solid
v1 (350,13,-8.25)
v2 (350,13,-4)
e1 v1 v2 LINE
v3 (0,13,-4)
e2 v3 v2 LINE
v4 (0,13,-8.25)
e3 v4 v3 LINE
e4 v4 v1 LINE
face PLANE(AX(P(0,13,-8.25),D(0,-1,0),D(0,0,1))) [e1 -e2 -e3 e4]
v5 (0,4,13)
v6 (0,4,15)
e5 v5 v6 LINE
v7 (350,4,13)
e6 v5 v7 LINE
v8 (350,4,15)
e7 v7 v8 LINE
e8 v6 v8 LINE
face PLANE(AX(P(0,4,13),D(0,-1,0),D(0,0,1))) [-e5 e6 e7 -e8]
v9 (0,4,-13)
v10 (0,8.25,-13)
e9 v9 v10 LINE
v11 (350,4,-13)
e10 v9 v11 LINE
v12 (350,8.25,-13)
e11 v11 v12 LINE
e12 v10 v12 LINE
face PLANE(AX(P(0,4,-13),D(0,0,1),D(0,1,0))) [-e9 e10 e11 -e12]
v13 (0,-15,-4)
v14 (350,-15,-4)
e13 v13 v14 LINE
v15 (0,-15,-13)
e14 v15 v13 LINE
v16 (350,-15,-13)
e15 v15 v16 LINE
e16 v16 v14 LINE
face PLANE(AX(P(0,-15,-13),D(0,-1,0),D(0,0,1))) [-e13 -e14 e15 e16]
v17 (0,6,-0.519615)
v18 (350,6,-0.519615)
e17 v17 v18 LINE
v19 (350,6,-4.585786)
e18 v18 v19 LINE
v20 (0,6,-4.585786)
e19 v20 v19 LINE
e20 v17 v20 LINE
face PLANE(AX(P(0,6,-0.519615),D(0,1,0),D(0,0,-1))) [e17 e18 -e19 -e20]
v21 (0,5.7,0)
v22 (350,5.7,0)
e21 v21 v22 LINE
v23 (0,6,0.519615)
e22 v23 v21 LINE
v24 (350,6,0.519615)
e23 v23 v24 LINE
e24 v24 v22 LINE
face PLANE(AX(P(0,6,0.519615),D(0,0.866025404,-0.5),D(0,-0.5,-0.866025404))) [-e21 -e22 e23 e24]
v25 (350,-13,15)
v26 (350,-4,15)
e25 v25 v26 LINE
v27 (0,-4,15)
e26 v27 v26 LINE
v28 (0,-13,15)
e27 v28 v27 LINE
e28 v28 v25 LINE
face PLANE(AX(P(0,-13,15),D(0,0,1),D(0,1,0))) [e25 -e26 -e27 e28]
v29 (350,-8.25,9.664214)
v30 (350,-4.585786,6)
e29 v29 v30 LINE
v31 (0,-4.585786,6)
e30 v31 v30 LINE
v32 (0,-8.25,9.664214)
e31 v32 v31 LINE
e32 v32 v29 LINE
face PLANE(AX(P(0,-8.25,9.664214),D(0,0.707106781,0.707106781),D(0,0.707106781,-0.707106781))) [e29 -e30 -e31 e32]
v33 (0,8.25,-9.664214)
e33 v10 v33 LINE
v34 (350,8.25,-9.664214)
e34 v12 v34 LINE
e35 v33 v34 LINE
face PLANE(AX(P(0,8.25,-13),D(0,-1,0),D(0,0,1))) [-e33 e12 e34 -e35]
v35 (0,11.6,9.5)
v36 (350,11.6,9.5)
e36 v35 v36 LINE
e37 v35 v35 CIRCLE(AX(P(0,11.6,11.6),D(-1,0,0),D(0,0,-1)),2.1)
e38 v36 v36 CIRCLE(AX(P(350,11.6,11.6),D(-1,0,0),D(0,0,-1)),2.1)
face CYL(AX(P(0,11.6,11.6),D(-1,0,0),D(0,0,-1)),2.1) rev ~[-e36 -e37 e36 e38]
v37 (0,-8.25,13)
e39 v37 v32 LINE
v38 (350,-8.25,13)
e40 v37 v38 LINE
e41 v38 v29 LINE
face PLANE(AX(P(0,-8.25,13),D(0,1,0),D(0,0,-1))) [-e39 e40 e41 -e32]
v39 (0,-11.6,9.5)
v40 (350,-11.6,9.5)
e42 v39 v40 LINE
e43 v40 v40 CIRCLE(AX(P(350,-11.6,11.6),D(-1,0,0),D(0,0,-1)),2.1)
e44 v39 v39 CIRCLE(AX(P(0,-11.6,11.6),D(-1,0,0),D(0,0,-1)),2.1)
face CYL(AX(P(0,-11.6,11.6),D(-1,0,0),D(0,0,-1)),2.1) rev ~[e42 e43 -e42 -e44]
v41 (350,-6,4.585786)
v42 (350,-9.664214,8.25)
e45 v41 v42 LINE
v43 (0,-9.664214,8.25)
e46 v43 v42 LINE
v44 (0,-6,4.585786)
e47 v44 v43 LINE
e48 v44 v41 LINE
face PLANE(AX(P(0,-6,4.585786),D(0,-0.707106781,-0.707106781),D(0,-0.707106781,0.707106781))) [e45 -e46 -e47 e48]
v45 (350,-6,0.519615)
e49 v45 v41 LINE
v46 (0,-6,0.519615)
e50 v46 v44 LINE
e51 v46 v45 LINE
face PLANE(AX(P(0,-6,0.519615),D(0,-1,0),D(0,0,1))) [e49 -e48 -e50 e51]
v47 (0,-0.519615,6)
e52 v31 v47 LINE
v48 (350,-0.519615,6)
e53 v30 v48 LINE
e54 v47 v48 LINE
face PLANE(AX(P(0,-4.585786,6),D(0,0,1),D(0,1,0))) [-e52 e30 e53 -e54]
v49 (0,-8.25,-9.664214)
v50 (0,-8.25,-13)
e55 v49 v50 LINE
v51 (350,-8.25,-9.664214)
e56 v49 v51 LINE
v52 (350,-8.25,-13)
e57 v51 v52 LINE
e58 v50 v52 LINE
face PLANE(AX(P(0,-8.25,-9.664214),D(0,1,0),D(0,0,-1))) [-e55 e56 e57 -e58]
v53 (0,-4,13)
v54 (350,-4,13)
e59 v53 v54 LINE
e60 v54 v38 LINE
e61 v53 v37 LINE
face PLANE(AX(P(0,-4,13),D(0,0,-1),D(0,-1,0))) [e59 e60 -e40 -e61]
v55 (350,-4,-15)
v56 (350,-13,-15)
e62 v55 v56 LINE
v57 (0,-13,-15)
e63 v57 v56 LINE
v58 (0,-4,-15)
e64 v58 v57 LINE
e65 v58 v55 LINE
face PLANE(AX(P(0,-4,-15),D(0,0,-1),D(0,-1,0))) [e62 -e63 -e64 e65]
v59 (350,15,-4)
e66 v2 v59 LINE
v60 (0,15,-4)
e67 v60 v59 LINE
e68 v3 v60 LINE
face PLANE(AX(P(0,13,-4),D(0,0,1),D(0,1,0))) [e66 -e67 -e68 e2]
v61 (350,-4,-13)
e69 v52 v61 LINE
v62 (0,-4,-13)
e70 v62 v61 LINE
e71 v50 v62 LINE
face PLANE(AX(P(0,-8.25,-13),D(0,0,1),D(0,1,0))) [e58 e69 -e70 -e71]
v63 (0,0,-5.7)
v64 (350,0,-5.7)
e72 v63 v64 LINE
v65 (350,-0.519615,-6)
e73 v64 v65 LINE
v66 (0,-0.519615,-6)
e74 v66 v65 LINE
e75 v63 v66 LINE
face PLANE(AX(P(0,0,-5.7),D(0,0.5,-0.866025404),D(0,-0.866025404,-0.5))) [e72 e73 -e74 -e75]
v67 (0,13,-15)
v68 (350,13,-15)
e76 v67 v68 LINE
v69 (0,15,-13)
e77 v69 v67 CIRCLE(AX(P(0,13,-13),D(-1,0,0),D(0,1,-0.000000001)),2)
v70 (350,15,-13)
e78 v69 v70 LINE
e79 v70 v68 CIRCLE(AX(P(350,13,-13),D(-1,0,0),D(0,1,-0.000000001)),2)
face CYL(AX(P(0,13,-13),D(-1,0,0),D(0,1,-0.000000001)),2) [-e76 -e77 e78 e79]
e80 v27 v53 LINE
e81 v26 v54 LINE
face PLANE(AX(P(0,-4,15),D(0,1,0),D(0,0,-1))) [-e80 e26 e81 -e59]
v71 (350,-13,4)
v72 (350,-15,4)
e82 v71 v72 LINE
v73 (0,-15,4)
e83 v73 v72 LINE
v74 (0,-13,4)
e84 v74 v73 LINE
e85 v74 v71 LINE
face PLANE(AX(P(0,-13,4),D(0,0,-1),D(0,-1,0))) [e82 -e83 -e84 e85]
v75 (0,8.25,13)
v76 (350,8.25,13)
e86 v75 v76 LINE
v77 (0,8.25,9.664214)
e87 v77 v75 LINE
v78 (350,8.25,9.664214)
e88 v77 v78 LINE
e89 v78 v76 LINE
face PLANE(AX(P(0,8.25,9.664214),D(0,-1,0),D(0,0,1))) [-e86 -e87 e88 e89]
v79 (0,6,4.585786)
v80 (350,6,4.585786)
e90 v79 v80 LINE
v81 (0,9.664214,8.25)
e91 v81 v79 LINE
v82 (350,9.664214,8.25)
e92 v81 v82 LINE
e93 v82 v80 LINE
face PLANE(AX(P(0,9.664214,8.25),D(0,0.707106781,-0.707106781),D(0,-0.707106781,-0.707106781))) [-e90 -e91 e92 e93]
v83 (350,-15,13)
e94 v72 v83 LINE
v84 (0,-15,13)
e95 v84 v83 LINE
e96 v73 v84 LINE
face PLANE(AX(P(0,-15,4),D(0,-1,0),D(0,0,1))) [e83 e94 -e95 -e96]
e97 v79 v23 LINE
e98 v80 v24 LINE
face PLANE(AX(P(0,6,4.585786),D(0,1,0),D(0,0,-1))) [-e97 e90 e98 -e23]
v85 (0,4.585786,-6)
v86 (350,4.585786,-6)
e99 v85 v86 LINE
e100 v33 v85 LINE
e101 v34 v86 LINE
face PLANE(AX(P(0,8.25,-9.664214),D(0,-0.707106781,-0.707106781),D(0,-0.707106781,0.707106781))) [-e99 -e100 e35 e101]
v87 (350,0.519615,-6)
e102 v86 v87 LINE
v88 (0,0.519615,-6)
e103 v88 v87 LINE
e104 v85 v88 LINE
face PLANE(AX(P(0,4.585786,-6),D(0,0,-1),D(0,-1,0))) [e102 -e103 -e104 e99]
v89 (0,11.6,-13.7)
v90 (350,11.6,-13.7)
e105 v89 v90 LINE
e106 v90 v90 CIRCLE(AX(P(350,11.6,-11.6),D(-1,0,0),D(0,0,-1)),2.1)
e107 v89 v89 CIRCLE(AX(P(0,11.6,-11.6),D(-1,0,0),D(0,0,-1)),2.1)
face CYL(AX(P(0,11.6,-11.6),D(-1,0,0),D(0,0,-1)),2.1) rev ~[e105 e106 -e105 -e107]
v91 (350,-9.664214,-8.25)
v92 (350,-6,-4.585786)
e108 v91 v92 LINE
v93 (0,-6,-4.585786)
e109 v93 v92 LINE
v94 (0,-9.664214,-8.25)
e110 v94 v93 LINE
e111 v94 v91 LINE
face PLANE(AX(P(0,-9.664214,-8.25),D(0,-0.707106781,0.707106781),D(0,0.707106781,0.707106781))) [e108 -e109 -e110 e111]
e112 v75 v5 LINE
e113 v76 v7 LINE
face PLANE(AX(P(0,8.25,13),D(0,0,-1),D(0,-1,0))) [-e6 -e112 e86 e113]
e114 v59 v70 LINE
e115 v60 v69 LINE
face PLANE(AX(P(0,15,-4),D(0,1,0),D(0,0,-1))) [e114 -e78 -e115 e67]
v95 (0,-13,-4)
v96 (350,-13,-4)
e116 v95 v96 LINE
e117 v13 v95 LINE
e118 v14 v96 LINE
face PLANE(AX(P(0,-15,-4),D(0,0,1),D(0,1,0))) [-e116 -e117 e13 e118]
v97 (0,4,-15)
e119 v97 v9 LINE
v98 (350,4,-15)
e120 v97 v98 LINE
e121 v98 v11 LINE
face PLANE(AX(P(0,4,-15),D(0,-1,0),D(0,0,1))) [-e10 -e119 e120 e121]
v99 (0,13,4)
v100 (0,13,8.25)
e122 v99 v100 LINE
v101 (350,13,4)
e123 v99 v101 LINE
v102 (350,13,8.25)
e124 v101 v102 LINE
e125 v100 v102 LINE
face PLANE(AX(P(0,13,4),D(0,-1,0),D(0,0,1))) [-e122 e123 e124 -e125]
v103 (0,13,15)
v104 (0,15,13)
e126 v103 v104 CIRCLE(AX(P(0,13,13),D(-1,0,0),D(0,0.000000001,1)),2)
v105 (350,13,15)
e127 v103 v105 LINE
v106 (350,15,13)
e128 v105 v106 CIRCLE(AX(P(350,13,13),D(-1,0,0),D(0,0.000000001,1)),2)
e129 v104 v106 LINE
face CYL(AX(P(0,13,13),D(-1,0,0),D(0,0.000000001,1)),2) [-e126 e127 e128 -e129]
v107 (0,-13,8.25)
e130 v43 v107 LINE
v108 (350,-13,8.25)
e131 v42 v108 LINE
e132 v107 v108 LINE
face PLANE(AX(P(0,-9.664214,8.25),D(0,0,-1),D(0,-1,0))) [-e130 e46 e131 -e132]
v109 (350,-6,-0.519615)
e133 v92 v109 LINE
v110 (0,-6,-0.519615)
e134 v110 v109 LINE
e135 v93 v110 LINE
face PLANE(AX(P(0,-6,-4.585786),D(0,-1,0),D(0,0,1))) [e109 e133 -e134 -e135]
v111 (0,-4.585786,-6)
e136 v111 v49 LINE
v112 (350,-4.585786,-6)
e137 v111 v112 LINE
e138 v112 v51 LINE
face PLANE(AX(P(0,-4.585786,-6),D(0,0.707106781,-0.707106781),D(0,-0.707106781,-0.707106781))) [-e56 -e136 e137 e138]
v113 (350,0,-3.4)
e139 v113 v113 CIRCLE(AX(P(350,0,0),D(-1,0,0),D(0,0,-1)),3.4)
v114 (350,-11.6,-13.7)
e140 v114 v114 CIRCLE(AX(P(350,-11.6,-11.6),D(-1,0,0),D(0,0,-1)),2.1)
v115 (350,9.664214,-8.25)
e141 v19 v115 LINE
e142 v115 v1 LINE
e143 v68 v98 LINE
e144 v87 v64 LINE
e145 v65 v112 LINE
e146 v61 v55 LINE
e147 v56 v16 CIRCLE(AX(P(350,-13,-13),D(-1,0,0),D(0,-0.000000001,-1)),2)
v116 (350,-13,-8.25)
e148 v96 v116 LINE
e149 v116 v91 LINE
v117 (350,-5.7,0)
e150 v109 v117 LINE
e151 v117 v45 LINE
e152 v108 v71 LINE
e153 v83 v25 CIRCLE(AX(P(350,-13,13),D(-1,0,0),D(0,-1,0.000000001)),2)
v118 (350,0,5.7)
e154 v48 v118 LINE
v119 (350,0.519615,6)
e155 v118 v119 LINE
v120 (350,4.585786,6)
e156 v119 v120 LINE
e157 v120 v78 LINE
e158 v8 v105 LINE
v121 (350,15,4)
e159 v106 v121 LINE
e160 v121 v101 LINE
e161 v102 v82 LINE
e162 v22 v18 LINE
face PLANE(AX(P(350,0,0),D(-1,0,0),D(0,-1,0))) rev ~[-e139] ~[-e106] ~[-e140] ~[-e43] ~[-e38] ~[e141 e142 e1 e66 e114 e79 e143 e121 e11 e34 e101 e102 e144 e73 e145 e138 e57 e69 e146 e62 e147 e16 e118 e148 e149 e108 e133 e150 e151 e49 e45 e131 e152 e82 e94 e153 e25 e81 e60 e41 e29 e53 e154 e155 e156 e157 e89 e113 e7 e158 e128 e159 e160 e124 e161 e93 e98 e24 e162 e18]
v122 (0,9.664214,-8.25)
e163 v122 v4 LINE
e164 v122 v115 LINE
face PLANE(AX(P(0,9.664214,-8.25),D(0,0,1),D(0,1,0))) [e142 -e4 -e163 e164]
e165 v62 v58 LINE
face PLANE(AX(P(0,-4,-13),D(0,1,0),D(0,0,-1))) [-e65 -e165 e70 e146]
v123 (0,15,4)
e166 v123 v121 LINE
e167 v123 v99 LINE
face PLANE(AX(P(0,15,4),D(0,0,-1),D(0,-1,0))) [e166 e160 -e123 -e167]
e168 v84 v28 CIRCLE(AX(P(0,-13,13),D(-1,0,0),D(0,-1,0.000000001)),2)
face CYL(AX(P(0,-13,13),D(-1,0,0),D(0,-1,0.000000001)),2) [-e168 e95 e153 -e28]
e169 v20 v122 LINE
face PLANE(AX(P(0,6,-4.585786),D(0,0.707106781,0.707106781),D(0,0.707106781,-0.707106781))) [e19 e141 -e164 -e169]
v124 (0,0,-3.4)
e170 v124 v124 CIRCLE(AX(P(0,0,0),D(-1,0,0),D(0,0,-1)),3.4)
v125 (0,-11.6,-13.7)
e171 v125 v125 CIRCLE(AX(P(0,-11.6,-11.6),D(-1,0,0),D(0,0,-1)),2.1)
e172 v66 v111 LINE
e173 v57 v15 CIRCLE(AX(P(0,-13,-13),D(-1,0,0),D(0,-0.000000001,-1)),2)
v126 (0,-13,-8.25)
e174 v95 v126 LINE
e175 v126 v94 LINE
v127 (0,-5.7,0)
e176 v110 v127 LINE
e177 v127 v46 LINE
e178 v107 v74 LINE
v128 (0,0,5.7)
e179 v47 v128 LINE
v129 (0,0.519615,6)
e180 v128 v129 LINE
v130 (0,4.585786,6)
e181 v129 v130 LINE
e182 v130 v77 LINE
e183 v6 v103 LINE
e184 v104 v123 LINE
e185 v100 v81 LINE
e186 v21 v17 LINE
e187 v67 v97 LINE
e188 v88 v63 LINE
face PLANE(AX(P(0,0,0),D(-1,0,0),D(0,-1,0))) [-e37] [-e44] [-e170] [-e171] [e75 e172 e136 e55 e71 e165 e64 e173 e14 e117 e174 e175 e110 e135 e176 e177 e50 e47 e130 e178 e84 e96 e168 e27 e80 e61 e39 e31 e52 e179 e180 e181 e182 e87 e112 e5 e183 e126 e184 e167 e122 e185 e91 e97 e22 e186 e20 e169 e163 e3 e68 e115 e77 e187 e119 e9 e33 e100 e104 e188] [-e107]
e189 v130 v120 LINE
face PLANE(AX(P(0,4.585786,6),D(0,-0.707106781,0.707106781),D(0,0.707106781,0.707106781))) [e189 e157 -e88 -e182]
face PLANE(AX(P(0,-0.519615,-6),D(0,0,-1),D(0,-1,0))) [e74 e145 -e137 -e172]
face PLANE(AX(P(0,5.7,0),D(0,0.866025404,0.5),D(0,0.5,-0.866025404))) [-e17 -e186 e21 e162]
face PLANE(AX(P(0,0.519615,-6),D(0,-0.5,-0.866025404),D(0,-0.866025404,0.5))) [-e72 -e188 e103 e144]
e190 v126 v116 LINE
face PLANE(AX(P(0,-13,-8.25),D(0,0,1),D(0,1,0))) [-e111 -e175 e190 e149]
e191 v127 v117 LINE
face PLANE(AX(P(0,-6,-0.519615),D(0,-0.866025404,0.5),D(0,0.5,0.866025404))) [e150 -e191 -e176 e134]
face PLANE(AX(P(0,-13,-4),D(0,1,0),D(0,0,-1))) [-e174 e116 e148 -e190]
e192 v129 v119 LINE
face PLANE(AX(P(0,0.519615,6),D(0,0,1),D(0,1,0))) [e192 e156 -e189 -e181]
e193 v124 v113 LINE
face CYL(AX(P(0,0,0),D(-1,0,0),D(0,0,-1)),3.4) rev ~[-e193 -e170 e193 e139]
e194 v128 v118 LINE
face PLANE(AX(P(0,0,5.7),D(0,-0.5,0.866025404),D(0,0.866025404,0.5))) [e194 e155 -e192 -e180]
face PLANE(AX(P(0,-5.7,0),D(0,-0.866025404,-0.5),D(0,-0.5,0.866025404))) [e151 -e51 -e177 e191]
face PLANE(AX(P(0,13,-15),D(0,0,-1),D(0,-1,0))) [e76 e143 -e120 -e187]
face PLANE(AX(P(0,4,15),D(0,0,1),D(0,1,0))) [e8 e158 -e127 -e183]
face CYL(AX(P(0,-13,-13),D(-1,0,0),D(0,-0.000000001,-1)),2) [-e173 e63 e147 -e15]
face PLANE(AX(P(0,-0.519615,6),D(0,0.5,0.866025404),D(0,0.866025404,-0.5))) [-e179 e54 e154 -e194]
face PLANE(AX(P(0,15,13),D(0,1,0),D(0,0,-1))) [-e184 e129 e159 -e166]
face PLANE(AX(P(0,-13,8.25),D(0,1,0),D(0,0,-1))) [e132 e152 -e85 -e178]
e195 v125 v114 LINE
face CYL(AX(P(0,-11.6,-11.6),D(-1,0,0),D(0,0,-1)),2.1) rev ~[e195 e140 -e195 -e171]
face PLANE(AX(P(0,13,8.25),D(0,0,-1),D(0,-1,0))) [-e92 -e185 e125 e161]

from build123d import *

# Parameters (mm, degrees)
SKETCH1_R           = 3.4
SKETCH1_R_2         = 2.1
BOSS_EXTRUDE1_DEPTH = 350


with BuildPart() as part:
    # Sketch1 → Boss-Extrude1 (new body)
    with BuildSketch(Plane(origin=(0, 0, 0), x_dir=(0, -1, 0), z_dir=(-1, 0, 0))):
        with BuildLine():
            Line((13, -4), (13, -8.25))
            Line((13, -8.25), (9.664213562, -8.25))
            Line((9.664213562, -8.25), (6, -4.585786438))
            Line((6, -4.585786438), (6, -0.519615242))
            Line((6, -0.519615242), (5.7, 0))
            Line((5.7, 0), (6, 0.519615242))
            Line((6, 0.519615242), (6, 4.585786438))
            Line((6, 4.585786438), (9.664213562, 8.25))
            Line((9.664213562, 8.25), (13, 8.25))
            Line((13, 8.25), (13, 4))
            Line((13, 4), (15, 4))
            Line((15, 4), (15, 13))
            ThreePointArc((15, 13), (14.414213562, 14.414213562), (13, 15))
            Line((13, 15), (4, 15))
            Line((4, 15), (4, 13))
            Line((4, 13), (8.25, 13))
            Line((8.25, 13), (8.25, 9.664213562))
            Line((8.25, 9.664213562), (4.585786438, 6))
            Line((4.585786438, 6), (0.519615242, 6))
            Line((0.519615242, 6), (0, 5.7))
            Line((0, 5.7), (-0.519615242, 6))
            Line((-0.519615242, 6), (-4.585786438, 6))
            Line((-4.585786438, 6), (-8.25, 9.664213562))
            Line((-8.25, 9.664213562), (-8.25, 13))
            Line((-8.25, 13), (-4, 13))
            Line((-4, 13), (-4, 15))
            Line((-4, 15), (-13, 15))
            ThreePointArc((-13, 15), (-14.414213562, 14.414213562), (-15, 13))
            Line((-15, 13), (-15, 4))
            Line((-15, 4), (-13, 4))
            Line((-13, 4), (-13, 8.25))
            Line((-13, 8.25), (-9.664213562, 8.25))
            Line((-9.664213562, 8.25), (-6, 4.585786438))
            Line((-6, 4.585786438), (-6, 0.519615242))
            Line((-6, 0.519615242), (-5.7, 0))
            Line((-5.7, 0), (-6, -0.519615242))
            Line((-6, -0.519615242), (-6, -4.585786438))
            Line((-6, -4.585786438), (-9.664213562, -8.25))
            Line((-9.664213562, -8.25), (-13, -8.25))
            Line((-13, -8.25), (-13, -4))
            Line((-13, -4), (-15, -4))
            Line((-15, -4), (-15, -13))
            ThreePointArc((-15, -13), (-14.414213562, -14.414213562), (-13, -15))
            Line((-13, -15), (-4, -15))
            Line((-4, -15), (-4, -13))
            Line((-4, -13), (-8.25, -13))
            Line((-8.25, -13), (-8.25, -9.664213562))
            Line((-8.25, -9.664213562), (-4.585786438, -6))
            Line((-4.585786438, -6), (-0.519615242, -6))
            Line((-0.519615242, -6), (0, -5.7))
            Line((0, -5.7), (0.519615242, -6))
            Line((0.519615242, -6), (4.585786438, -6))
            Line((4.585786438, -6), (8.25, -9.664213562))
            Line((8.25, -9.664213562), (8.25, -13))
            Line((8.25, -13), (4, -13))
            Line((4, -13), (4, -15))
            Line((4, -15), (13, -15))
            ThreePointArc((13, -15), (14.414213562, -14.414213562), (15, -13))
            Line((15, -13), (15, -4))
            Line((15, -4), (13, -4))
        make_face()
        with Locations(Location((0, 0, 0), (0, 0, 270))):
            Circle(SKETCH1_R, mode=Mode.SUBTRACT)
        with Locations(Location((11.6, -11.6, 0), (0, 0, 270))):
            Circle(SKETCH1_R_2, mode=Mode.SUBTRACT)
        with Locations(Location((11.6, 11.6, 0), (0, 0, 270))):
            Circle(SKETCH1_R_2, mode=Mode.SUBTRACT)
        with Locations(Location((-11.6, 11.6, 0), (0, 0, 270))):
            Circle(SKETCH1_R_2, mode=Mode.SUBTRACT)
        with Locations(Location((-11.6, -11.6, 0), (0, 0, 270))):
            Circle(SKETCH1_R_2, mode=Mode.SUBTRACT)
    extrude(amount=-BOSS_EXTRUDE1_DEPTH)


solid = part.part
